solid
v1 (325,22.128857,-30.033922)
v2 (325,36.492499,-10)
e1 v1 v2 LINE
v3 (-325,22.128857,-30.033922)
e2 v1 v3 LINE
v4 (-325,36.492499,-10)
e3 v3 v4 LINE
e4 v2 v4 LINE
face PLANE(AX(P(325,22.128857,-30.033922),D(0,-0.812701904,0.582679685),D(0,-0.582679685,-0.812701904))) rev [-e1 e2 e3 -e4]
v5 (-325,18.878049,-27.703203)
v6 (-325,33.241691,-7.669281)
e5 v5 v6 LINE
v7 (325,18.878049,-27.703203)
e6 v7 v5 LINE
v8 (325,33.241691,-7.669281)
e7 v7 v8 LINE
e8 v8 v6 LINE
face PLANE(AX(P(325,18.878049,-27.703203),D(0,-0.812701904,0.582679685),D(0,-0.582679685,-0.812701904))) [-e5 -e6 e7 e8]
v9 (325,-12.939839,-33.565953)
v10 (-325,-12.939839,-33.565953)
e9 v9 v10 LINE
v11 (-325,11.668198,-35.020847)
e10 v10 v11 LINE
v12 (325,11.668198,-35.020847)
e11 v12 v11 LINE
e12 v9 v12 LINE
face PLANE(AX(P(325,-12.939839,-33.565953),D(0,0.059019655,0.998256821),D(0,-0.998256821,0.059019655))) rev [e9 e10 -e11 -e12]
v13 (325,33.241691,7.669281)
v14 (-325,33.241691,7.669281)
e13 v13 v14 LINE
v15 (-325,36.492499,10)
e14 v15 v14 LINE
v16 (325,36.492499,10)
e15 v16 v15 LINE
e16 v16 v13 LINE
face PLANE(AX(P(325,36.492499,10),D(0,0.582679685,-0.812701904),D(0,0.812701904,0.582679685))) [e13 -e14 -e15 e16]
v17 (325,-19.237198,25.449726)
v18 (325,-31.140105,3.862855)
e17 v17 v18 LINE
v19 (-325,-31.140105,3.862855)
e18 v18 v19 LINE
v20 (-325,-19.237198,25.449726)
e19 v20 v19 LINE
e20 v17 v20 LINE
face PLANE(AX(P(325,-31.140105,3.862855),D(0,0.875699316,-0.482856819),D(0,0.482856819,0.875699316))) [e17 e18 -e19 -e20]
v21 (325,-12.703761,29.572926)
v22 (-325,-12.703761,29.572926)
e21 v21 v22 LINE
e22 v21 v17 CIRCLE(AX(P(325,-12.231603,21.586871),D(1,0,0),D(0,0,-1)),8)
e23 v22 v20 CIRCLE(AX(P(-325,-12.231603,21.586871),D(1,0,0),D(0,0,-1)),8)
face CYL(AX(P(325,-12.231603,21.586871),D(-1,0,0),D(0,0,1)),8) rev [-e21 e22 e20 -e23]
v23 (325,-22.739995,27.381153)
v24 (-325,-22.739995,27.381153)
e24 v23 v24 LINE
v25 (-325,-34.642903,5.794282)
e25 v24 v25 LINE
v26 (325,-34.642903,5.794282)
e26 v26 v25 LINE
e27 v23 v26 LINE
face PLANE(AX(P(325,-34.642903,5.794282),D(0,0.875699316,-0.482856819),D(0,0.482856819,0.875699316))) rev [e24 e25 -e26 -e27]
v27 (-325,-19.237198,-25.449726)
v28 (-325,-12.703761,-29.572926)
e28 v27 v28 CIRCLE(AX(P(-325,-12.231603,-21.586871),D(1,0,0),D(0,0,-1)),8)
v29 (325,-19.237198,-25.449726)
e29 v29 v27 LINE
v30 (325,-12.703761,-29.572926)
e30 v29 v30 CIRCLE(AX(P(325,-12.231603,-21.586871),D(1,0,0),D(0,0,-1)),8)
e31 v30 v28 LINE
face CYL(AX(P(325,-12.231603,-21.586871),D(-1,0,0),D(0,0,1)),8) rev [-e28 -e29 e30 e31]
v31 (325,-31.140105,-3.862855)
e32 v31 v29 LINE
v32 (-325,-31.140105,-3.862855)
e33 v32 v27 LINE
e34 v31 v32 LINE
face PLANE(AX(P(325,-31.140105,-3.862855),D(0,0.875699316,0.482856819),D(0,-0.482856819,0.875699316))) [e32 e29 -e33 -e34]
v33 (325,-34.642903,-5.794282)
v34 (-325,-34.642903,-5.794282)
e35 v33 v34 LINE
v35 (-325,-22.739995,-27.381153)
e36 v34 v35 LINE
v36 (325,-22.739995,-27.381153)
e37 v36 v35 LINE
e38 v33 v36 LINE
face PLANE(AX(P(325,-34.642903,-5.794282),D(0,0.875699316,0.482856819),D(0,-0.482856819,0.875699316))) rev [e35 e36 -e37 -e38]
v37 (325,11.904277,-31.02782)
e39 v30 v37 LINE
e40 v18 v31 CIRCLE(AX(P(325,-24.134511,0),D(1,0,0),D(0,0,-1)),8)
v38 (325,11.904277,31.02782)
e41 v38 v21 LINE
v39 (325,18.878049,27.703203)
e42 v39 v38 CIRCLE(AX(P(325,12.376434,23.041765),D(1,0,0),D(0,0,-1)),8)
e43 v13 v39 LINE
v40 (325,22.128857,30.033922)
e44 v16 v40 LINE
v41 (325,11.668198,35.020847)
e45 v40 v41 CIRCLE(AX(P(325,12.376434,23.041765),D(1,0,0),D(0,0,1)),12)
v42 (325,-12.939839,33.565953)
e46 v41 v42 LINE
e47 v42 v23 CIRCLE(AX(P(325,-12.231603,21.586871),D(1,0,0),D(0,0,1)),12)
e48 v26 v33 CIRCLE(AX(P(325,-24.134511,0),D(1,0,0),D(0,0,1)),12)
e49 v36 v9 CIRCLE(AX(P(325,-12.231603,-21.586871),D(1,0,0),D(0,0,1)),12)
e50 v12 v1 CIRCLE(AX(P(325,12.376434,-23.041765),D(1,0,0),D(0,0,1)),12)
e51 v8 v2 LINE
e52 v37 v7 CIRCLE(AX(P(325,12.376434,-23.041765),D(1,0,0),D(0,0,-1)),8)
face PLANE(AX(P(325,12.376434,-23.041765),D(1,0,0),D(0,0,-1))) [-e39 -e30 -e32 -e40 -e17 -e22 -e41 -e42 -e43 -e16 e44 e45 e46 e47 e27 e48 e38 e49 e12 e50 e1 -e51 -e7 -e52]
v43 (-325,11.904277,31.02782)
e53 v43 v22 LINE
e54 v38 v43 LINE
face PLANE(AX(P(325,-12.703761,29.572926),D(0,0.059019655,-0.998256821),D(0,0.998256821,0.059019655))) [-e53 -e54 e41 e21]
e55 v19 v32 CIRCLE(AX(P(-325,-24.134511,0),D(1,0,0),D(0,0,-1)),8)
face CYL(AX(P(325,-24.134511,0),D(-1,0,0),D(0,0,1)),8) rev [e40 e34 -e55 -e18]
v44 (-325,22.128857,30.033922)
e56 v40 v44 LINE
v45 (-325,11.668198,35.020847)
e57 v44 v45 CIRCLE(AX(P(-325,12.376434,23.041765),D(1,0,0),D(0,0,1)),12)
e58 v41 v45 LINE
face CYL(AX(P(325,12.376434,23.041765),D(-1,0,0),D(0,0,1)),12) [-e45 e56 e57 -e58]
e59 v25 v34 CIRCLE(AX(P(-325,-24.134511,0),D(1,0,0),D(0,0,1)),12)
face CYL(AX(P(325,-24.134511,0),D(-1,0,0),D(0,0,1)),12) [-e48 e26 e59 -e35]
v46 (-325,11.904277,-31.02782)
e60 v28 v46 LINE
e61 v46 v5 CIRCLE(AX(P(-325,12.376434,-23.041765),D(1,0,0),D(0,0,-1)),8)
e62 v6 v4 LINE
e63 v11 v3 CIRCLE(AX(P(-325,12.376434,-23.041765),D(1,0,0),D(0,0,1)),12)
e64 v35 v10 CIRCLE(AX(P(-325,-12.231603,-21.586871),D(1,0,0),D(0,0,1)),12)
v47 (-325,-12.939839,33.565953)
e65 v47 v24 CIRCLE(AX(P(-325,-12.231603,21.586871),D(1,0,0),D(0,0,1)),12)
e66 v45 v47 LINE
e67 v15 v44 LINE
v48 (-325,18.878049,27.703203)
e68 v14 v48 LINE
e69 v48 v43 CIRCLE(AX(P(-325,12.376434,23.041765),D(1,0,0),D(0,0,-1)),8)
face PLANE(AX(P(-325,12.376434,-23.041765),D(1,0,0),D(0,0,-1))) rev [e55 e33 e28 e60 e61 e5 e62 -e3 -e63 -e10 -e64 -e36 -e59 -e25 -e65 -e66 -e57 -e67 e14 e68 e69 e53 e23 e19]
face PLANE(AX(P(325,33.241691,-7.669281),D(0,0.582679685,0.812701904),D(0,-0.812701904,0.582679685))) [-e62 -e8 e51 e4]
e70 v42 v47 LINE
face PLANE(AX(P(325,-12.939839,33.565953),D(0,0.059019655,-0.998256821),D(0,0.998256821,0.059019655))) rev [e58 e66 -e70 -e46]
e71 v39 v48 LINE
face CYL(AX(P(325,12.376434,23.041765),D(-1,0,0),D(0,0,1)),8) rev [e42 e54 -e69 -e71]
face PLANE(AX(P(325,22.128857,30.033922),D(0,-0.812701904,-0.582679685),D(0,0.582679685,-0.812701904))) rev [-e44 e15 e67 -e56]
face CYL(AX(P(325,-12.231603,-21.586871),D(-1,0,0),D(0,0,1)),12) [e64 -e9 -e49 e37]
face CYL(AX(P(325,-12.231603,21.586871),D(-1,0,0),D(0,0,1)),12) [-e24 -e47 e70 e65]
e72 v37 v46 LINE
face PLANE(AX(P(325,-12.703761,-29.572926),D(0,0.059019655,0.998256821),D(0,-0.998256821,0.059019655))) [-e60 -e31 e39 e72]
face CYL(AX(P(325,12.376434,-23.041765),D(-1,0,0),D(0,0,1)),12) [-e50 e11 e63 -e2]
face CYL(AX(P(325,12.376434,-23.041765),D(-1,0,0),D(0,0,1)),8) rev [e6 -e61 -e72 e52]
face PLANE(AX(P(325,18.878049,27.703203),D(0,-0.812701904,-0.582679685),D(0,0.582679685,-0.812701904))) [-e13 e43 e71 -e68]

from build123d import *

# Parameters (mm, degrees)
EXTRUDE_THIN1_DEPTH = 325


with BuildPart() as part:
    # Sketch1 → Extrude-Thin1 (new, symmetric)
    with BuildSketch(Plane(origin=(0, 0, 0), x_dir=(0, 0, -1), z_dir=(1, 0, 0))):
        with BuildLine():
            Line((10, 36.492499074), (30.033921668, 22.128857106))
            ThreePointArc((30.033921668, 22.128857106), (33.873815741, 17.540413964), (35.020847295, 11.668198405))
            Line((35.020847295, 11.668198405), (33.565953275, -12.939839131))
            ThreePointArc((33.565953275, -12.939839131), (31.734968696, -18.635986288), (27.381153255, -22.739995068))
            Line((27.381153255, -22.739995068), (5.79428183, -34.642902698))
            ThreePointArc((5.79428183, -34.642902698), (0, -36.134510905), (-5.79428183, -34.642902698))
            Line((-5.79428183, -34.642902698), (-27.381153255, -22.739995068))
            ThreePointArc((-27.381153255, -22.739995068), (-31.734968696, -18.635986288), (-33.565953275, -12.939839131))
            Line((-33.565953275, -12.939839131), (-35.020847295, 11.668198405))
            ThreePointArc((-35.020847295, 11.668198405), (-33.873815741, 17.540413964), (-30.033921668, 22.128857106))
            Line((-30.033921668, 22.128857106), (-10, 36.492499074))
            Line((-10, 36.492499074), (-7.669281259, 33.241691459))
            Line((-7.669281259, 33.241691459), (-27.703202927, 18.878049491))
            ThreePointArc((-27.703202927, 18.878049491), (-30.263132309, 15.819087397), (-31.027820011, 11.904277024))
            Line((-31.027820011, 11.904277024), (-29.572925992, -12.703760512))
            ThreePointArc((-29.572925992, -12.703760512), (-28.352269606, -16.50119195), (-25.449725978, -19.237197803))
            Line((-25.449725978, -19.237197803), (-3.862854553, -31.140105433))
            ThreePointArc((-3.862854553, -31.140105433), (0, -32.134510905), (3.862854553, -31.140105433))
            Line((3.862854553, -31.140105433), (25.449725978, -19.237197803))
            ThreePointArc((25.449725978, -19.237197803), (28.352269606, -16.50119195), (29.572925992, -12.703760512))
            Line((29.572925992, -12.703760512), (31.027820011, 11.904277024))
            ThreePointArc((31.027820011, 11.904277024), (30.263132309, 15.819087397), (27.703202927, 18.878049491))
            Line((27.703202927, 18.878049491), (7.669281259, 33.241691459))
            Line((7.669281259, 33.241691459), (10, 36.492499074))
        make_face()
    extrude(amount=EXTRUDE_THIN1_DEPTH, both=True)


solid = part.part
